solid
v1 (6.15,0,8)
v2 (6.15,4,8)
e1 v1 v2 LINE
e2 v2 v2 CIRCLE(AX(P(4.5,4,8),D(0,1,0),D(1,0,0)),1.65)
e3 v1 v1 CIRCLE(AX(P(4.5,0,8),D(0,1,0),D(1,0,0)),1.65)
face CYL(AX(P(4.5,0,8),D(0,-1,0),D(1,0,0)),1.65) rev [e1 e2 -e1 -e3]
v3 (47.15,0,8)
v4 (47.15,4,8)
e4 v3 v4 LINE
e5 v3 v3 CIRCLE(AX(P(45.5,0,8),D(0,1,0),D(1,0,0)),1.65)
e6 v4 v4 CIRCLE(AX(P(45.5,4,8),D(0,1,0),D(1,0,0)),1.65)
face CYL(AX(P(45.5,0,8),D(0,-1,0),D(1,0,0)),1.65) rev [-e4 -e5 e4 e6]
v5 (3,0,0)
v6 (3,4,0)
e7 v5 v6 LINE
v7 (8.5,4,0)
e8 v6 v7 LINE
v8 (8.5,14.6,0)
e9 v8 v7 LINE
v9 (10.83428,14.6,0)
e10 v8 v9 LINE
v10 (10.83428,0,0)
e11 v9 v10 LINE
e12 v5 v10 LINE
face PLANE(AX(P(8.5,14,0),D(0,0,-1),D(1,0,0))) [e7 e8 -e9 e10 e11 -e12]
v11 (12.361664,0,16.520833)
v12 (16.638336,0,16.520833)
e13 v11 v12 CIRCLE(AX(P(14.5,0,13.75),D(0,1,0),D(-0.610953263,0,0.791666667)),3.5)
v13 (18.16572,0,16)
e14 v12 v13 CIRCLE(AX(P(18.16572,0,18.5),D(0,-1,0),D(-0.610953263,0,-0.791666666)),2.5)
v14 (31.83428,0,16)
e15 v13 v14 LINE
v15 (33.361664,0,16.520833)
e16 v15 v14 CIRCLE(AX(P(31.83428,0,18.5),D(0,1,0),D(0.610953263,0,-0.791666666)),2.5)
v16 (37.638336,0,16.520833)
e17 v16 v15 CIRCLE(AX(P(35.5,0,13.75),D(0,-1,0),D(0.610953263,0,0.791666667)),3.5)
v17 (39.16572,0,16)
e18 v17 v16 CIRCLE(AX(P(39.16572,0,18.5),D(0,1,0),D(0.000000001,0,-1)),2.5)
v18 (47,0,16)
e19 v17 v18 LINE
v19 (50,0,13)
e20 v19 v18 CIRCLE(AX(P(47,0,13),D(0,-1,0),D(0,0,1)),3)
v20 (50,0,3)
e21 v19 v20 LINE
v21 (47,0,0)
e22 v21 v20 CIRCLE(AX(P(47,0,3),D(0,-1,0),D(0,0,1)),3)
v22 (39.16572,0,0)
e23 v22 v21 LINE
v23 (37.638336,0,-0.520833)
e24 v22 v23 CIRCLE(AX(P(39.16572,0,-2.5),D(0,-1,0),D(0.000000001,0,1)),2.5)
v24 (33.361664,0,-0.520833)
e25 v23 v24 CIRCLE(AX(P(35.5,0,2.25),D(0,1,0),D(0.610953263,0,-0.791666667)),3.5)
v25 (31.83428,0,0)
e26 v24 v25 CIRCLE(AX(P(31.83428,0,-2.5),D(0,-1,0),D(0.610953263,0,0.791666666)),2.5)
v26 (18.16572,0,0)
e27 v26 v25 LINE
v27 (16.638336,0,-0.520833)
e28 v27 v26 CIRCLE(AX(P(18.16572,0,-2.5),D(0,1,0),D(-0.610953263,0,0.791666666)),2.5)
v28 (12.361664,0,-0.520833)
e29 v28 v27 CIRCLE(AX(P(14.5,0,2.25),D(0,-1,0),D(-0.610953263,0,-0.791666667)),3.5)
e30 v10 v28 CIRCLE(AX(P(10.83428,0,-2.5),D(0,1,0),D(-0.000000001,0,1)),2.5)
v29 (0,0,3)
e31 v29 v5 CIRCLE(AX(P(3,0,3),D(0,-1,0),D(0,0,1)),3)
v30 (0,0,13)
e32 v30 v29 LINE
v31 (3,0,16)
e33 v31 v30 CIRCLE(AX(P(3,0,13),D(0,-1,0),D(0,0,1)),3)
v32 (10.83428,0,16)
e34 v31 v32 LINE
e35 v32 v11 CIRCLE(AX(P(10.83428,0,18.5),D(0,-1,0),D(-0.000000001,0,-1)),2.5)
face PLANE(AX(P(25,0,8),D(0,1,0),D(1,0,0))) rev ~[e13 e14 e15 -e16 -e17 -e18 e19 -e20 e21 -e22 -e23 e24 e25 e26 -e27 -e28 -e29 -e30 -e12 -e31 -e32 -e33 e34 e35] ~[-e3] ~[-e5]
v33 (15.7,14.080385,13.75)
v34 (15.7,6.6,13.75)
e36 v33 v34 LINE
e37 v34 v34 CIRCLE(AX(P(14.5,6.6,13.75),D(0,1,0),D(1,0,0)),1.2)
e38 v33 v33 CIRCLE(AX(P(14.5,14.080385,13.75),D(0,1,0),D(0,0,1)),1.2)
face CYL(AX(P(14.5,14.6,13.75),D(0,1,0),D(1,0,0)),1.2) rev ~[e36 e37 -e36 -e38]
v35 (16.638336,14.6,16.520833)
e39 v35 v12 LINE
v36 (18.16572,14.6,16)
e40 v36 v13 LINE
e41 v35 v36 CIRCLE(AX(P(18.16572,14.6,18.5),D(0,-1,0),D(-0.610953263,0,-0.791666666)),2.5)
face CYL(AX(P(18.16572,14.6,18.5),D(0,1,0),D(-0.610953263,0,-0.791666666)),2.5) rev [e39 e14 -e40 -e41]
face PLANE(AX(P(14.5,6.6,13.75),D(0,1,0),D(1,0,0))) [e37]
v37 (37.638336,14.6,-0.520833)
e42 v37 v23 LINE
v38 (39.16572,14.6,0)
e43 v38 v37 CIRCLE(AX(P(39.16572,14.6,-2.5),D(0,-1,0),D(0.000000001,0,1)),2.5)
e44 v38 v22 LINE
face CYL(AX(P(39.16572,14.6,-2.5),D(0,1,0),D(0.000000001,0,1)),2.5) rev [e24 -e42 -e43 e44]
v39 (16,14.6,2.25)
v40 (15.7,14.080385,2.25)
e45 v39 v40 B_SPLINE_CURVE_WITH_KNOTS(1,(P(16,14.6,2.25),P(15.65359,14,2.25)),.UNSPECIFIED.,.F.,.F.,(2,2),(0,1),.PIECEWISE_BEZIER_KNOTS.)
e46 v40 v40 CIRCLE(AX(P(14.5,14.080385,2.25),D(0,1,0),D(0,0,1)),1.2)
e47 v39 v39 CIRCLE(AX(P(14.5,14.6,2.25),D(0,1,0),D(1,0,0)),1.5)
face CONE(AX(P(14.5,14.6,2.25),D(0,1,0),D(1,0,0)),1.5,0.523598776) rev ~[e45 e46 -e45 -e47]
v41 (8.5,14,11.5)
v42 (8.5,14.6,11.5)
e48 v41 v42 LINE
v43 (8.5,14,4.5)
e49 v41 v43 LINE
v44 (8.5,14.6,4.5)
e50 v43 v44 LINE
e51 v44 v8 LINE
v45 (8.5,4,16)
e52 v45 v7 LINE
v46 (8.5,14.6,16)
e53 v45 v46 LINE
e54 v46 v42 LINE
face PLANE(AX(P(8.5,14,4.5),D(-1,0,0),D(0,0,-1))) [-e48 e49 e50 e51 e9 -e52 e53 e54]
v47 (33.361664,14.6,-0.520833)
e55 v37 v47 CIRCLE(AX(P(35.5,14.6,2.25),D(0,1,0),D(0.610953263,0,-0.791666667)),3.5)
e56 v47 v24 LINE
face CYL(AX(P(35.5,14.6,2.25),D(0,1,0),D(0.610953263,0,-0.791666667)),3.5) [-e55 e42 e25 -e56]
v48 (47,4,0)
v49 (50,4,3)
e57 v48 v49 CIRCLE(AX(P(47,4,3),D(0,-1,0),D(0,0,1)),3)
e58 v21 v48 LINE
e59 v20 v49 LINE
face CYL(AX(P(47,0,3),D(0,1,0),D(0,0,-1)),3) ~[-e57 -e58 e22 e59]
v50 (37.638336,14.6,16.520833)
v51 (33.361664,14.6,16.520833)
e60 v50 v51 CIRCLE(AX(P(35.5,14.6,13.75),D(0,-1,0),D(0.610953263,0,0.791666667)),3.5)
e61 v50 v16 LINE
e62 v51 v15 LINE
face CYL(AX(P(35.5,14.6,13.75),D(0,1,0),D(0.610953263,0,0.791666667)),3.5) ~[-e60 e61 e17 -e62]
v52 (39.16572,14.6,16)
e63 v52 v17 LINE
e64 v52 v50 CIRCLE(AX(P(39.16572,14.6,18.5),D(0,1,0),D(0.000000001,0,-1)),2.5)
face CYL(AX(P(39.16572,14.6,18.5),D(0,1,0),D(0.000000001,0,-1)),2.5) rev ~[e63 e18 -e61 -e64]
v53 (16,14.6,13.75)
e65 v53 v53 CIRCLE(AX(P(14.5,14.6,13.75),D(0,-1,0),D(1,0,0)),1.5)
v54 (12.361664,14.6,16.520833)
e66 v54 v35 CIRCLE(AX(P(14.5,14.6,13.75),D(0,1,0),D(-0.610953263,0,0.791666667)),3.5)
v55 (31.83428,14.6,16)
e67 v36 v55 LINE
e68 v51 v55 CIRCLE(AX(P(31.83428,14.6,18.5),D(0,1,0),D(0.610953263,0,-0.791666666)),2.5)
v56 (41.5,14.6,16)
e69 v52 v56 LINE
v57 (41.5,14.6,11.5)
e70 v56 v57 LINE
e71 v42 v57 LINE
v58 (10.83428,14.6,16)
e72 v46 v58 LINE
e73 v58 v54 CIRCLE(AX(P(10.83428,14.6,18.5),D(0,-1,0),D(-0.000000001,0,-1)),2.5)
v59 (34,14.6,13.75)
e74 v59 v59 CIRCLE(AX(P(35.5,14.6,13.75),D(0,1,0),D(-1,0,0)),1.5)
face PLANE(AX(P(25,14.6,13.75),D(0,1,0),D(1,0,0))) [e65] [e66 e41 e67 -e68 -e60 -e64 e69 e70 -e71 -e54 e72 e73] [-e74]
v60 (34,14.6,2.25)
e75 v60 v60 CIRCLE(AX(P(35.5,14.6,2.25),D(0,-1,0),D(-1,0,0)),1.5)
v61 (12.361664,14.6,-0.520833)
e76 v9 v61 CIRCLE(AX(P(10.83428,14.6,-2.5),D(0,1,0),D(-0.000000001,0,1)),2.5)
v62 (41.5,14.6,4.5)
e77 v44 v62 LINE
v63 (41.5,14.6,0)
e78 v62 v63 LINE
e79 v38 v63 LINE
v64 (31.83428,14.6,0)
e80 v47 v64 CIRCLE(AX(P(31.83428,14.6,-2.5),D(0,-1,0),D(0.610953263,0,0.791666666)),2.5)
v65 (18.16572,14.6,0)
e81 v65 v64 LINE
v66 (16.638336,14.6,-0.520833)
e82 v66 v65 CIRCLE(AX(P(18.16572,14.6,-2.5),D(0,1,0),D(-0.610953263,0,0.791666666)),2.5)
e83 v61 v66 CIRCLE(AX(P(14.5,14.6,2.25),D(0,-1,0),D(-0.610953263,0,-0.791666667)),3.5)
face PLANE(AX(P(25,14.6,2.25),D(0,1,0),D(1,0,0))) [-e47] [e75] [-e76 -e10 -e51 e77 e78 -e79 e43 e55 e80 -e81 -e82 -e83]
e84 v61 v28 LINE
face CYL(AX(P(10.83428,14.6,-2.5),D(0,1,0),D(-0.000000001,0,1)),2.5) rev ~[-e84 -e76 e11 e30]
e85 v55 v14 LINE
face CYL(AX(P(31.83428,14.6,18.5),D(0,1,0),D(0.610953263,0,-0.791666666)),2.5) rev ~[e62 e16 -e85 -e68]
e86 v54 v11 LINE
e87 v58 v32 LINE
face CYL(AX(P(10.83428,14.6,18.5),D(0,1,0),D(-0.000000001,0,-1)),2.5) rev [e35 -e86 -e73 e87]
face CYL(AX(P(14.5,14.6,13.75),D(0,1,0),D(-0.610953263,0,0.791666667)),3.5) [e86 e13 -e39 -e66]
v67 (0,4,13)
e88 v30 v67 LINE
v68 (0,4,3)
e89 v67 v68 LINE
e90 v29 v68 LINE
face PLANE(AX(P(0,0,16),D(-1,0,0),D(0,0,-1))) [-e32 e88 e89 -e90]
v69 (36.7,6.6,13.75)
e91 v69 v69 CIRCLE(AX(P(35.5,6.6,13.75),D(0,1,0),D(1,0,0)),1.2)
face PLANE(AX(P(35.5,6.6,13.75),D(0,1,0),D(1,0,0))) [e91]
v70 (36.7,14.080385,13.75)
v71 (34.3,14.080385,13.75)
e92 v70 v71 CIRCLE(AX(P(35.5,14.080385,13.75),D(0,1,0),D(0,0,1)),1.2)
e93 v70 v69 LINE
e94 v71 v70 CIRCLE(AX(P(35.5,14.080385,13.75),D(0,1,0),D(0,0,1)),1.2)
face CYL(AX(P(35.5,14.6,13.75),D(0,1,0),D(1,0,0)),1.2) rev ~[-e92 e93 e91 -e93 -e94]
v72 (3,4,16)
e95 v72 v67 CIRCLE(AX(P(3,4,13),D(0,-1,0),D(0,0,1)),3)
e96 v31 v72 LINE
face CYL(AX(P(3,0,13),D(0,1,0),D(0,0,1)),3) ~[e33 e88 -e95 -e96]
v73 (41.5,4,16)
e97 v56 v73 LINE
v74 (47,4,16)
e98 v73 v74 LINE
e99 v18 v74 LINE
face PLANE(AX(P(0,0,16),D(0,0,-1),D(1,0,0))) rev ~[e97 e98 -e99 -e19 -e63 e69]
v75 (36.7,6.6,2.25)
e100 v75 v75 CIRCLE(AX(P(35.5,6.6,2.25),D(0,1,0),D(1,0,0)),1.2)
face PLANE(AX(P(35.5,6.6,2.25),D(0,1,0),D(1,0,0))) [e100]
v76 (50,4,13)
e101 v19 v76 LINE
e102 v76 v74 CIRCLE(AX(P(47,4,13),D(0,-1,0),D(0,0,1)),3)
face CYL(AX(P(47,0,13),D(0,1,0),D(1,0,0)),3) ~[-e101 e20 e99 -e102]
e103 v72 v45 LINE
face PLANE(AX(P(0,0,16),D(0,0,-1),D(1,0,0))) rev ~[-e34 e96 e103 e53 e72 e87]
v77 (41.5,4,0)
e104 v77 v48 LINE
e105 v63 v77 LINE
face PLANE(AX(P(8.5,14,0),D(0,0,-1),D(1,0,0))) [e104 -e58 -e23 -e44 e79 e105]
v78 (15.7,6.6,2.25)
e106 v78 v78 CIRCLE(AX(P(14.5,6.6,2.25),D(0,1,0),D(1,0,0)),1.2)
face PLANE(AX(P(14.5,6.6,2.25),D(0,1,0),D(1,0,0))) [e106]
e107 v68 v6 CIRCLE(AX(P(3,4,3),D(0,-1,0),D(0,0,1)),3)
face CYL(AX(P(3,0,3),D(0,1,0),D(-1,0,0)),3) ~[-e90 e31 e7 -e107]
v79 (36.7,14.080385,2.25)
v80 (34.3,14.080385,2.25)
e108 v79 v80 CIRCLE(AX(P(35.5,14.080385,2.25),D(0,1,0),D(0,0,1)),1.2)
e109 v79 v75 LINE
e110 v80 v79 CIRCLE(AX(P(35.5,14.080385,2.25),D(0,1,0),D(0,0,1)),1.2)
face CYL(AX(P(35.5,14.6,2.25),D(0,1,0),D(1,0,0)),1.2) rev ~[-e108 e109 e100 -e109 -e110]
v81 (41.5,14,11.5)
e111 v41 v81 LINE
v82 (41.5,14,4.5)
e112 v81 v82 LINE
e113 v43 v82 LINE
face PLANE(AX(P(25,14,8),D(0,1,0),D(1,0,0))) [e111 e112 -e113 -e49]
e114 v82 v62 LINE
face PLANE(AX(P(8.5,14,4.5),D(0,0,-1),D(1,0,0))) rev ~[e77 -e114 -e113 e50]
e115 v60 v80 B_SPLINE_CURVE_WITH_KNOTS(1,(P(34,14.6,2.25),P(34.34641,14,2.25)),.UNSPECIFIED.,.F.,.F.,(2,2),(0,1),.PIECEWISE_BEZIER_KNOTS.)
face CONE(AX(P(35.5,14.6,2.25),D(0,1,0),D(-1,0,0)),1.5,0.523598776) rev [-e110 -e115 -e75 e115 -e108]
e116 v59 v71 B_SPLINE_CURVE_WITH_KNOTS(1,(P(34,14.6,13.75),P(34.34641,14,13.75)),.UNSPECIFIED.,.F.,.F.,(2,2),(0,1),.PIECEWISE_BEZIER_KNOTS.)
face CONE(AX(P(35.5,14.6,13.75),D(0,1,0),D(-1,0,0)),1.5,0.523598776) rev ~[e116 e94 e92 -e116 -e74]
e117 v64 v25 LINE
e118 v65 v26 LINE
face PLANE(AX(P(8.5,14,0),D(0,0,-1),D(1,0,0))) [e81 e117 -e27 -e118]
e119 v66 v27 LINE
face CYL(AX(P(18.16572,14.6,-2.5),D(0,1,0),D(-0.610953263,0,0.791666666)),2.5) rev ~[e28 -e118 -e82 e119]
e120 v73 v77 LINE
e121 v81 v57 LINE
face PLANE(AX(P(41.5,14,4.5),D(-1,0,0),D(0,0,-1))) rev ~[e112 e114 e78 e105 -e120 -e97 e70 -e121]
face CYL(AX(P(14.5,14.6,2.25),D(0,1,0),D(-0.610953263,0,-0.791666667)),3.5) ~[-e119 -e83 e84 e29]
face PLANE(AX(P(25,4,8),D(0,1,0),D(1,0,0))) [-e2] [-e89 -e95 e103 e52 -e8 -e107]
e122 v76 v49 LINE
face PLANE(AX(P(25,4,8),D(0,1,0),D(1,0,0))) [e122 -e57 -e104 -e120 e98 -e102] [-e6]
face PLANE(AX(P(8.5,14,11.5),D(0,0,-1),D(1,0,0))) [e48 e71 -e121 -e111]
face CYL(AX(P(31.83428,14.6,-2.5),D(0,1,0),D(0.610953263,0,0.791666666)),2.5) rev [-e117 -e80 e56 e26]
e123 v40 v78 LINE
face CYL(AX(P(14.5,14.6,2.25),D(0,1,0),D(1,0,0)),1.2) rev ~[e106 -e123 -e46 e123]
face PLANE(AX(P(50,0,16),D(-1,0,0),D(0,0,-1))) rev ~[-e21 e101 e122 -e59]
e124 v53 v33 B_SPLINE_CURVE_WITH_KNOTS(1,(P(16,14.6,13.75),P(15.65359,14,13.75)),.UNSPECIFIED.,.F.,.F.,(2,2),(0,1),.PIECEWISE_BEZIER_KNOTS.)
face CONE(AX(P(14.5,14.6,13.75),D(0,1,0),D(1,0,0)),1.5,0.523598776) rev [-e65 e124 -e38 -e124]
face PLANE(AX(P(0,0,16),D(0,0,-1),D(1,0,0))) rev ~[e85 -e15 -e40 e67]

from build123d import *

# Parameters (mm, degrees)
CROQUIS1_W                = 50
CROQUIS1_H                = 16
CROQUIS1_R                = 1.65
SALIENTE_EXTRUIR1_DEPTH   = 4
CROQUIS2_W                = 33
CROQUIS2_H                = 16
SALIENTE_EXTRUIR2_DEPTH   = 10
CROQUIS3_W                = 33
CROQUIS3_H                = 4.5
SALIENTE_EXTRUIR3_DEPTH   = 0.6
CROQUIS4_R                = 1.2
CORTAR_EXTRUIR1_DEPTH     = 8
SALIENTE_EXTRUIR5_DEPTH   = 14.6
SIMETR_A2_COPY_1_DEPTH    = 14.6
REDONDEO1_R               = 3
REDONDEO2_R               = 3
REDONDEO3_R               = 3
REDONDEO4_R               = 3
CROQUIS6_R                = 1.5
CORTAR_EXTRUIR2_DEPTH     = 0.6
CORTAR_EXTRUIR2_TAPER     = 30
SIMETR_A6_COPY_1_SKETCH_R = 1.5
SIMETR_A6_COPY_1_DEPTH    = 0.6
SIMETR_A6_COPY_1_TAPER    = 30


with BuildPart() as part:
    # Croquis1 → Saliente-Extruir1 (new body)
    with BuildSketch(Plane(origin=(0, 0, 0), x_dir=(1, 0, 0), z_dir=(0, 1, 0))):
        with Locations((25, -8)):
            Rectangle(CROQUIS1_W, CROQUIS1_H)
        with Locations((4.5, -8)):
            Circle(CROQUIS1_R, mode=Mode.SUBTRACT)
        with Locations((45.5, -8)):
            Circle(CROQUIS1_R, mode=Mode.SUBTRACT)
    extrude(amount=SALIENTE_EXTRUIR1_DEPTH)

    # Croquis2 → Saliente-Extruir2 (add)
    with BuildSketch(Plane(origin=(0, 4, 0), x_dir=(1, 0, 0), z_dir=(0, 1, 0))):
        with Locations((25, -8)):
            Rectangle(CROQUIS2_W, CROQUIS2_H)
    extrude(amount=SALIENTE_EXTRUIR2_DEPTH)

    # Croquis3 → Saliente-Extruir3 (add)
    with BuildSketch(Plane(origin=(0, 14, 0), x_dir=(1, 0, 0), z_dir=(0, 1, 0))):
        with Locations((25, -2.25)):
            Rectangle(CROQUIS3_W, CROQUIS3_H)
        with Locations((25, -13.75)):
            Rectangle(CROQUIS3_W, CROQUIS3_H)
    extrude(amount=SALIENTE_EXTRUIR3_DEPTH)

    # Croquis4 → Cortar-Extruir1 (cut)
    with BuildSketch(Plane(origin=(0, 14.6, 0), x_dir=(1, 0, 0), z_dir=(0, 1, 0))):
        with Locations((14.5, -13.75)):
            Circle(CROQUIS4_R)
        with Locations((14.5, -2.25)):
            Circle(CROQUIS4_R)
        with Locations((35.5, -13.75)):
            Circle(CROQUIS4_R)
        with Locations((35.5, -2.25)):
            Circle(CROQUIS4_R)
    extrude(amount=-CORTAR_EXTRUIR1_DEPTH, mode=Mode.SUBTRACT)

    # Croquis5 → Saliente-Extruir5 (add)
    with BuildSketch(Plane(origin=(0, 14.6, 0), x_dir=(1, 0, 0), z_dir=(0, 1, 0))):
        with BuildLine():
            Line((18.165719575, -16), (10.834280425, -16))
            ThreePointArc((10.834280425, -16), (11.641151956, -16.133788189), (12.361663581, -16.520833333))
            ThreePointArc((12.361663581, -16.520833333), (14.5, -17.25), (16.638336419, -16.520833333))
            ThreePointArc((16.638336419, -16.520833333), (17.358848044, -16.133788189), (18.165719575, -16))
        make_face()
    saliente_extruir5 = extrude(amount=-SALIENTE_EXTRUIR5_DEPTH)

    # Simetría1: Saliente-Extruir5 across plane
    add(saliente_extruir5.mirror(Plane.ZY.offset(-25)))

    # Simetría2: Saliente-Extruir5 across plane
    add(saliente_extruir5.mirror(Plane.XY.offset(8)))

    # Simetría2 copy 1 sketch → Simetría2 copy 1 (add)
    with BuildSketch(Plane(origin=(50, 14.6, 16), x_dir=(-1, 0, 0), z_dir=(0, 1, 0))):
        with BuildLine():
            Line((18.165719575, -16), (10.834280425, -16))
            ThreePointArc((10.834280425, -16), (11.641151956, -16.133788189), (12.361663581, -16.520833333))
            ThreePointArc((12.361663581, -16.520833333), (14.5, -17.25), (16.638336419, -16.520833333))
            ThreePointArc((16.638336419, -16.520833333), (17.358848044, -16.133788189), (18.165719575, -16))
        make_face()
    extrude(amount=-SIMETR_A2_COPY_1_DEPTH)

    # Redondeo1
    redondeo1_edges = [part.edges().sort_by_distance(p)[0] for p in [
        (0, 2, 16),
    ]]
    fillet(redondeo1_edges, radius=REDONDEO1_R)

    # Redondeo2
    redondeo2_edges = [part.edges().sort_by_distance(p)[0] for p in [
        (0, 2, 0),
    ]]
    fillet(redondeo2_edges, radius=REDONDEO2_R)

    # Redondeo3
    redondeo3_edges = [part.edges().sort_by_distance(p)[0] for p in [
        (50, 2, 0),
    ]]
    fillet(redondeo3_edges, radius=REDONDEO3_R)

    # Redondeo4
    redondeo4_edges = [part.edges().sort_by_distance(p)[0] for p in [
        (50, 2, 16),
    ]]
    fillet(redondeo4_edges, radius=REDONDEO4_R)

    # Croquis6 → Cortar-Extruir2 (cut)
    with BuildSketch(Plane(origin=(0, 14.6, 0), x_dir=(1, 0, 0), z_dir=(0, 1, 0))):
        with Locations((14.5, -13.75)):
            Circle(CROQUIS6_R)
    cortar_extruir2 = extrude(amount=-CORTAR_EXTRUIR2_DEPTH, taper=CORTAR_EXTRUIR2_TAPER, mode=Mode.SUBTRACT)

    # Simetría5: Cortar-Extruir2 across plane
    add(cortar_extruir2.mirror(Plane.ZY.offset(-25)), mode=Mode.SUBTRACT)

    # Simetría6: Cortar-Extruir2 across plane
    add(cortar_extruir2.mirror(Plane.XY.offset(8)), mode=Mode.SUBTRACT)

    # Simetría6 copy 1 sketch → Simetría6 copy 1 (cut)
    with BuildSketch(Plane(origin=(50, 14.6, 16), x_dir=(-1, 0, 0), z_dir=(0, 1, 0))):
        with Locations((14.5, -13.75)):
            Circle(SIMETR_A6_COPY_1_SKETCH_R)
    extrude(amount=-SIMETR_A6_COPY_1_DEPTH, taper=SIMETR_A6_COPY_1_TAPER, mode=Mode.SUBTRACT)


solid = part.part
